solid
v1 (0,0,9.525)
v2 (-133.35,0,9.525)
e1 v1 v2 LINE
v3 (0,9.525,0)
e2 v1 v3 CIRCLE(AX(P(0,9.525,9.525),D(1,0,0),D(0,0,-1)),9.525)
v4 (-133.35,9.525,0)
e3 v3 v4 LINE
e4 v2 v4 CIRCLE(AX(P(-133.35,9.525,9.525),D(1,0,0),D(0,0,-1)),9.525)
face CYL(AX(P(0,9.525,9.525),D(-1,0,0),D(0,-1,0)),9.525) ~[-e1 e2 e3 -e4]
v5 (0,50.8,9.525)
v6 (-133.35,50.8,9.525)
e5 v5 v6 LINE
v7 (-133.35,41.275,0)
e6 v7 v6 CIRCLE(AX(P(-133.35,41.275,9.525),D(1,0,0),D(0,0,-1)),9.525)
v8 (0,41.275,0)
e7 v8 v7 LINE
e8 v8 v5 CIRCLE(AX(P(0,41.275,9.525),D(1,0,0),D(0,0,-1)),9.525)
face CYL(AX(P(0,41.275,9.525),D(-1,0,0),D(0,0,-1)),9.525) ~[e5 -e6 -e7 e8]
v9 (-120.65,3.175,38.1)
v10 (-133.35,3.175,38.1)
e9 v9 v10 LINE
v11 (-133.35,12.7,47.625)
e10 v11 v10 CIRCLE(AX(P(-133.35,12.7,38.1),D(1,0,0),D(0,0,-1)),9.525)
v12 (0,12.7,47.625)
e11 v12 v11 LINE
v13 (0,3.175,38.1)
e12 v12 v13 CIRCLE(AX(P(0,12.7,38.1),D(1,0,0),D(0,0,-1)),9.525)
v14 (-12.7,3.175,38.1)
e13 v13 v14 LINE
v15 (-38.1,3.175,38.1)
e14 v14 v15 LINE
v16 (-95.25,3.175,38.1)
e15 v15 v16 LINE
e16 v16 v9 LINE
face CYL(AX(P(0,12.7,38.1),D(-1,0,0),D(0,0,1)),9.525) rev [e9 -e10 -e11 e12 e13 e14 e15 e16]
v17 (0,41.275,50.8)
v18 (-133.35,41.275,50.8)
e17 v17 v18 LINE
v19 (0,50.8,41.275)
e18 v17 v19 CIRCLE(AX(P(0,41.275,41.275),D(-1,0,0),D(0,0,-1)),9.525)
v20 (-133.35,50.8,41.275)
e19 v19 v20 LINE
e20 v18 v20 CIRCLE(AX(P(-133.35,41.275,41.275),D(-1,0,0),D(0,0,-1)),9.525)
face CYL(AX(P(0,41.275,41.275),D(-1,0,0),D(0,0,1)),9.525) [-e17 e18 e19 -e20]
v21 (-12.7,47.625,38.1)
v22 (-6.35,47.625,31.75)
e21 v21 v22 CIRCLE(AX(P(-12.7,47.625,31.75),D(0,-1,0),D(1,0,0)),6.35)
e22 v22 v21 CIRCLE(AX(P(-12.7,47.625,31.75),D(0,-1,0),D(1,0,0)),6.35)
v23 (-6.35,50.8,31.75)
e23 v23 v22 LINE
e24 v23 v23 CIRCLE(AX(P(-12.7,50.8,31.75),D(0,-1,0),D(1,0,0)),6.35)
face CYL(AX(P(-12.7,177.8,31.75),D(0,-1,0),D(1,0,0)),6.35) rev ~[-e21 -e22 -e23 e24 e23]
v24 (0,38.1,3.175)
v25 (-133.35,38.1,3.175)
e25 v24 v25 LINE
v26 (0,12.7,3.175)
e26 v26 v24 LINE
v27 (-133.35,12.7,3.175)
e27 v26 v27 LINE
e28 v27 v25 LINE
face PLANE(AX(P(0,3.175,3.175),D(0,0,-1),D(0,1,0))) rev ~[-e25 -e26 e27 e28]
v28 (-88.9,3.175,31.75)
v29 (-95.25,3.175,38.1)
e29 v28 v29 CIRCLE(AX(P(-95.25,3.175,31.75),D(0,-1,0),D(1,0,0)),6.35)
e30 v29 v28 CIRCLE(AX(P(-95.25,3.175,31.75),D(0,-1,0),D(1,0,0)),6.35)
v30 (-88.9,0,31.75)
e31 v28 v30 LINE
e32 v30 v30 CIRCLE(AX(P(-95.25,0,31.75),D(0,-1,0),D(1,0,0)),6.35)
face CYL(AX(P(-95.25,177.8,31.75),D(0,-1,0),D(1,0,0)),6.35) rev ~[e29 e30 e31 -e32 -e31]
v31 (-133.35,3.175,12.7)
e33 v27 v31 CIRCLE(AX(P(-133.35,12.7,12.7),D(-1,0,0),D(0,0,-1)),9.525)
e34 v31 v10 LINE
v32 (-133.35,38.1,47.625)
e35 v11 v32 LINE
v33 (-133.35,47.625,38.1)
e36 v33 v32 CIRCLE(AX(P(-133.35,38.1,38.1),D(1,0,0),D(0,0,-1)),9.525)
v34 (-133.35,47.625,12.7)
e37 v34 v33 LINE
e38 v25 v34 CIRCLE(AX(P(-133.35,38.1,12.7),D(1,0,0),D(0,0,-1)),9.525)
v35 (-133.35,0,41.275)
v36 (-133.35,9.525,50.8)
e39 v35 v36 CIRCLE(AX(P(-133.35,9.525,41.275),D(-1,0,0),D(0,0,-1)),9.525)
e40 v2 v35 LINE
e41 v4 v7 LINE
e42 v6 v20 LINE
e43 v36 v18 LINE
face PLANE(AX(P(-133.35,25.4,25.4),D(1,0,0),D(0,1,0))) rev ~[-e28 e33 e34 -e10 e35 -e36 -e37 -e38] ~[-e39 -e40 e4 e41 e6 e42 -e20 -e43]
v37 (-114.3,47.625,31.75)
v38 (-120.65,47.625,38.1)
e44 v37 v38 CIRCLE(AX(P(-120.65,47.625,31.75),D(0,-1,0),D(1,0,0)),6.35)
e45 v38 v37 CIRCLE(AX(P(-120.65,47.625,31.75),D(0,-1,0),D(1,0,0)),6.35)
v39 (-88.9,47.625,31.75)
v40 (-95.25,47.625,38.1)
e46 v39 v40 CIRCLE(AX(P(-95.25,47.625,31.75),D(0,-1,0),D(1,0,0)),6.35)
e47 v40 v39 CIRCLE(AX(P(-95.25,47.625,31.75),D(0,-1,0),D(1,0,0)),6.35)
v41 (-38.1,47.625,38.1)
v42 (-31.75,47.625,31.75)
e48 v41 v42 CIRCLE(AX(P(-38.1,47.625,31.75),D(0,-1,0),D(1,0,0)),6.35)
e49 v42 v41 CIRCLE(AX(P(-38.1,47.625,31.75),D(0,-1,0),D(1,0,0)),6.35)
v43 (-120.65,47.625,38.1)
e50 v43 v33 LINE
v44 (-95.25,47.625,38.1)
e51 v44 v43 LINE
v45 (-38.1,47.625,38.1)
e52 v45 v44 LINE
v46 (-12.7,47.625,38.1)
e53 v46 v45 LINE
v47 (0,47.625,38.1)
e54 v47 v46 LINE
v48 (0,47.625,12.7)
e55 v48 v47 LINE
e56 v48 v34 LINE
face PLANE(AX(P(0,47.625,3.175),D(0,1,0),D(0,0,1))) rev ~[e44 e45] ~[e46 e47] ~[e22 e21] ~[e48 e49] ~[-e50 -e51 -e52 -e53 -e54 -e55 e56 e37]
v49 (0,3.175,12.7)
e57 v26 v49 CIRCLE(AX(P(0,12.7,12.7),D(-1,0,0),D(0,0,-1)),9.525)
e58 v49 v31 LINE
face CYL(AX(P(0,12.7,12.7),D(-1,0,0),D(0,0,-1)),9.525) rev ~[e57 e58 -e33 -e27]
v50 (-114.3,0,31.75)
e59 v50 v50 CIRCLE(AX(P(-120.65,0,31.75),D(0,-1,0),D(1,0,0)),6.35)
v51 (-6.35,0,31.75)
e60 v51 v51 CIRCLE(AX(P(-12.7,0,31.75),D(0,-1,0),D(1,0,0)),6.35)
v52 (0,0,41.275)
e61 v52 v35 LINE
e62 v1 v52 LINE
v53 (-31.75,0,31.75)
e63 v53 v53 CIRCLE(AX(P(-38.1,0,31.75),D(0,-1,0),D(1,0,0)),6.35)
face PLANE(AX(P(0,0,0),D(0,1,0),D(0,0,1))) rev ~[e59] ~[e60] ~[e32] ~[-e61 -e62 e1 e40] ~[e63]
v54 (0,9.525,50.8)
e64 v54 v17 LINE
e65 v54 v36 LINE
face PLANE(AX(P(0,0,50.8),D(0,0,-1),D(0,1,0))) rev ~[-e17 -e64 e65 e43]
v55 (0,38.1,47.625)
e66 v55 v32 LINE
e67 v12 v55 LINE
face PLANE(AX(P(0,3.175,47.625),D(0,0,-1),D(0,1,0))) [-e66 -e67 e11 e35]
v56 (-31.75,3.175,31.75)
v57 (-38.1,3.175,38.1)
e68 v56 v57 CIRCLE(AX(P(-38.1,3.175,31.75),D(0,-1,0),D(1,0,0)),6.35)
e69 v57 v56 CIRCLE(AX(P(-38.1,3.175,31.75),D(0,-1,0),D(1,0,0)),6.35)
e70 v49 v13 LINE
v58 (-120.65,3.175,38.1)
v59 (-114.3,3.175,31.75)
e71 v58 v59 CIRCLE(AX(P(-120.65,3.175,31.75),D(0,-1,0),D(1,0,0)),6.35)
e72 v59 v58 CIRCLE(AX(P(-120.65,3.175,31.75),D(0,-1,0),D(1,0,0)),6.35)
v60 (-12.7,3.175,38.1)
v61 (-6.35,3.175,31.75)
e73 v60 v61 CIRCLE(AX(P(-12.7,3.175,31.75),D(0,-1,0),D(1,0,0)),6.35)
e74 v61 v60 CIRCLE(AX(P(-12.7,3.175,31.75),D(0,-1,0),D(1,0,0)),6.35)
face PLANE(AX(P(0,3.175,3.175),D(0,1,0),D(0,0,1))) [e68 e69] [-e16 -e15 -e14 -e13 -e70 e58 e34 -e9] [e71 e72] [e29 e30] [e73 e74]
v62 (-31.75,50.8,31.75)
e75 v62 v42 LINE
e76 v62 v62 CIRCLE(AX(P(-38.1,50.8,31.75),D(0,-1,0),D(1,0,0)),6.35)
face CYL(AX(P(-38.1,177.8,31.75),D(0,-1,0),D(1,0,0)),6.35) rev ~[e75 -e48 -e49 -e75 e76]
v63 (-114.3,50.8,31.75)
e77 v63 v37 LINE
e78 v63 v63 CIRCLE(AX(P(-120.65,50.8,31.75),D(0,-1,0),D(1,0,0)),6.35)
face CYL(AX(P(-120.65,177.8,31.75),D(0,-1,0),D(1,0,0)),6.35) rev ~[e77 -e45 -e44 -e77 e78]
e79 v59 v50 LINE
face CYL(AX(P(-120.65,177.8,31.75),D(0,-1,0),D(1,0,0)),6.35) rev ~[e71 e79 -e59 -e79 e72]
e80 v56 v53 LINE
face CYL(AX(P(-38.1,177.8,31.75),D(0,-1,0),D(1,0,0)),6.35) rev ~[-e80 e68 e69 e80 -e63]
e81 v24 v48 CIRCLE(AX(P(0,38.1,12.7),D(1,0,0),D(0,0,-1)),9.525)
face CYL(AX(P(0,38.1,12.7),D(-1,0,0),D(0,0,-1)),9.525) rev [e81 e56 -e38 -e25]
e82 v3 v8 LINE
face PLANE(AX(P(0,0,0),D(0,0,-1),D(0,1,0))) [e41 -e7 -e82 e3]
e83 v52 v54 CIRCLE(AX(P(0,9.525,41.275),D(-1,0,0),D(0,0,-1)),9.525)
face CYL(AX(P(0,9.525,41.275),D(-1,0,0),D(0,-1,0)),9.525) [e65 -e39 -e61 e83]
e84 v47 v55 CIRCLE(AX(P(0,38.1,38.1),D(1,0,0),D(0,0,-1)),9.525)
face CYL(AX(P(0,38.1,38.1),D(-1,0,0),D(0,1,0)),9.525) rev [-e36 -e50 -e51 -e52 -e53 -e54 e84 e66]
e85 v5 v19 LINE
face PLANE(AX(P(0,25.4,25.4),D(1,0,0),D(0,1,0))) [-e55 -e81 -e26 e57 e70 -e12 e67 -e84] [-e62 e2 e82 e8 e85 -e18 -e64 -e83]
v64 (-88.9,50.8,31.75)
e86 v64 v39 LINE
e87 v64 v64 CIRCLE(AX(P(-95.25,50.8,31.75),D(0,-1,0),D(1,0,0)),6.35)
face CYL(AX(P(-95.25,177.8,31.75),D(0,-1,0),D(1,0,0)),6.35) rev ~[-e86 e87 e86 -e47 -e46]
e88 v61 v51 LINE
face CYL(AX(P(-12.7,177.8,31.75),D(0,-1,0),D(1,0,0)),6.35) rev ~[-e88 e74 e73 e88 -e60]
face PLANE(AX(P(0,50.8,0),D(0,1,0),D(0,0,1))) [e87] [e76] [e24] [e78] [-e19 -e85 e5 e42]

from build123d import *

# Parameters (mm, degrees)
F0_W     = 50.8
F0_H     = 50.8
F1_DEPTH = 133.35
F2_W     = 44.45
F2_H     = 44.45
F3_DEPTH = 876.3
F4_R     = 9.525
F6_D     = 12.7
F6_DEPTH = 127


with BuildPart() as f1:
    # F0 (on Right) → F1 (new body)
    with BuildSketch(Plane.YZ):
        with Locations((25.4, 25.4)):
            Rectangle(F0_W, F0_H)
    extrude(amount=-F1_DEPTH)

    # F2 (on face) → F3 (cut)
    with BuildSketch(Plane.YZ):
        with Locations((25.4, 25.4)):
            Rectangle(F2_W, F2_H)
    extrude(amount=-F3_DEPTH, mode=Mode.SUBTRACT)

    # F4
    f4_edges = [f1.edges().sort_by_distance(p)[0] for p in [
        (-66.675, 3.175, 3.175),
        (-66.675, 47.625, 3.175),
        (-66.675, 47.625, 47.625),
        (-66.675, 3.175, 47.625),
        (-66.675, 50.8, 0),
        (-66.675, 50.8, 50.8),
        (-66.675, 0, 50.8),
        (-66.675, 0, 0),
    ]]
    fillet(f4_edges, radius=F4_R)

    # F6
    with Locations(Plane(origin=(0, 50.8, 0), x_dir=(-1, 0, 0), z_dir=(0, 1, 0))):
        with Locations((120.65, 31.75), (95.25, 31.75), (38.1, 31.75), (12.7, 31.75)):
            Hole(F6_D / 2, depth=F6_DEPTH)


solid = f1.part
